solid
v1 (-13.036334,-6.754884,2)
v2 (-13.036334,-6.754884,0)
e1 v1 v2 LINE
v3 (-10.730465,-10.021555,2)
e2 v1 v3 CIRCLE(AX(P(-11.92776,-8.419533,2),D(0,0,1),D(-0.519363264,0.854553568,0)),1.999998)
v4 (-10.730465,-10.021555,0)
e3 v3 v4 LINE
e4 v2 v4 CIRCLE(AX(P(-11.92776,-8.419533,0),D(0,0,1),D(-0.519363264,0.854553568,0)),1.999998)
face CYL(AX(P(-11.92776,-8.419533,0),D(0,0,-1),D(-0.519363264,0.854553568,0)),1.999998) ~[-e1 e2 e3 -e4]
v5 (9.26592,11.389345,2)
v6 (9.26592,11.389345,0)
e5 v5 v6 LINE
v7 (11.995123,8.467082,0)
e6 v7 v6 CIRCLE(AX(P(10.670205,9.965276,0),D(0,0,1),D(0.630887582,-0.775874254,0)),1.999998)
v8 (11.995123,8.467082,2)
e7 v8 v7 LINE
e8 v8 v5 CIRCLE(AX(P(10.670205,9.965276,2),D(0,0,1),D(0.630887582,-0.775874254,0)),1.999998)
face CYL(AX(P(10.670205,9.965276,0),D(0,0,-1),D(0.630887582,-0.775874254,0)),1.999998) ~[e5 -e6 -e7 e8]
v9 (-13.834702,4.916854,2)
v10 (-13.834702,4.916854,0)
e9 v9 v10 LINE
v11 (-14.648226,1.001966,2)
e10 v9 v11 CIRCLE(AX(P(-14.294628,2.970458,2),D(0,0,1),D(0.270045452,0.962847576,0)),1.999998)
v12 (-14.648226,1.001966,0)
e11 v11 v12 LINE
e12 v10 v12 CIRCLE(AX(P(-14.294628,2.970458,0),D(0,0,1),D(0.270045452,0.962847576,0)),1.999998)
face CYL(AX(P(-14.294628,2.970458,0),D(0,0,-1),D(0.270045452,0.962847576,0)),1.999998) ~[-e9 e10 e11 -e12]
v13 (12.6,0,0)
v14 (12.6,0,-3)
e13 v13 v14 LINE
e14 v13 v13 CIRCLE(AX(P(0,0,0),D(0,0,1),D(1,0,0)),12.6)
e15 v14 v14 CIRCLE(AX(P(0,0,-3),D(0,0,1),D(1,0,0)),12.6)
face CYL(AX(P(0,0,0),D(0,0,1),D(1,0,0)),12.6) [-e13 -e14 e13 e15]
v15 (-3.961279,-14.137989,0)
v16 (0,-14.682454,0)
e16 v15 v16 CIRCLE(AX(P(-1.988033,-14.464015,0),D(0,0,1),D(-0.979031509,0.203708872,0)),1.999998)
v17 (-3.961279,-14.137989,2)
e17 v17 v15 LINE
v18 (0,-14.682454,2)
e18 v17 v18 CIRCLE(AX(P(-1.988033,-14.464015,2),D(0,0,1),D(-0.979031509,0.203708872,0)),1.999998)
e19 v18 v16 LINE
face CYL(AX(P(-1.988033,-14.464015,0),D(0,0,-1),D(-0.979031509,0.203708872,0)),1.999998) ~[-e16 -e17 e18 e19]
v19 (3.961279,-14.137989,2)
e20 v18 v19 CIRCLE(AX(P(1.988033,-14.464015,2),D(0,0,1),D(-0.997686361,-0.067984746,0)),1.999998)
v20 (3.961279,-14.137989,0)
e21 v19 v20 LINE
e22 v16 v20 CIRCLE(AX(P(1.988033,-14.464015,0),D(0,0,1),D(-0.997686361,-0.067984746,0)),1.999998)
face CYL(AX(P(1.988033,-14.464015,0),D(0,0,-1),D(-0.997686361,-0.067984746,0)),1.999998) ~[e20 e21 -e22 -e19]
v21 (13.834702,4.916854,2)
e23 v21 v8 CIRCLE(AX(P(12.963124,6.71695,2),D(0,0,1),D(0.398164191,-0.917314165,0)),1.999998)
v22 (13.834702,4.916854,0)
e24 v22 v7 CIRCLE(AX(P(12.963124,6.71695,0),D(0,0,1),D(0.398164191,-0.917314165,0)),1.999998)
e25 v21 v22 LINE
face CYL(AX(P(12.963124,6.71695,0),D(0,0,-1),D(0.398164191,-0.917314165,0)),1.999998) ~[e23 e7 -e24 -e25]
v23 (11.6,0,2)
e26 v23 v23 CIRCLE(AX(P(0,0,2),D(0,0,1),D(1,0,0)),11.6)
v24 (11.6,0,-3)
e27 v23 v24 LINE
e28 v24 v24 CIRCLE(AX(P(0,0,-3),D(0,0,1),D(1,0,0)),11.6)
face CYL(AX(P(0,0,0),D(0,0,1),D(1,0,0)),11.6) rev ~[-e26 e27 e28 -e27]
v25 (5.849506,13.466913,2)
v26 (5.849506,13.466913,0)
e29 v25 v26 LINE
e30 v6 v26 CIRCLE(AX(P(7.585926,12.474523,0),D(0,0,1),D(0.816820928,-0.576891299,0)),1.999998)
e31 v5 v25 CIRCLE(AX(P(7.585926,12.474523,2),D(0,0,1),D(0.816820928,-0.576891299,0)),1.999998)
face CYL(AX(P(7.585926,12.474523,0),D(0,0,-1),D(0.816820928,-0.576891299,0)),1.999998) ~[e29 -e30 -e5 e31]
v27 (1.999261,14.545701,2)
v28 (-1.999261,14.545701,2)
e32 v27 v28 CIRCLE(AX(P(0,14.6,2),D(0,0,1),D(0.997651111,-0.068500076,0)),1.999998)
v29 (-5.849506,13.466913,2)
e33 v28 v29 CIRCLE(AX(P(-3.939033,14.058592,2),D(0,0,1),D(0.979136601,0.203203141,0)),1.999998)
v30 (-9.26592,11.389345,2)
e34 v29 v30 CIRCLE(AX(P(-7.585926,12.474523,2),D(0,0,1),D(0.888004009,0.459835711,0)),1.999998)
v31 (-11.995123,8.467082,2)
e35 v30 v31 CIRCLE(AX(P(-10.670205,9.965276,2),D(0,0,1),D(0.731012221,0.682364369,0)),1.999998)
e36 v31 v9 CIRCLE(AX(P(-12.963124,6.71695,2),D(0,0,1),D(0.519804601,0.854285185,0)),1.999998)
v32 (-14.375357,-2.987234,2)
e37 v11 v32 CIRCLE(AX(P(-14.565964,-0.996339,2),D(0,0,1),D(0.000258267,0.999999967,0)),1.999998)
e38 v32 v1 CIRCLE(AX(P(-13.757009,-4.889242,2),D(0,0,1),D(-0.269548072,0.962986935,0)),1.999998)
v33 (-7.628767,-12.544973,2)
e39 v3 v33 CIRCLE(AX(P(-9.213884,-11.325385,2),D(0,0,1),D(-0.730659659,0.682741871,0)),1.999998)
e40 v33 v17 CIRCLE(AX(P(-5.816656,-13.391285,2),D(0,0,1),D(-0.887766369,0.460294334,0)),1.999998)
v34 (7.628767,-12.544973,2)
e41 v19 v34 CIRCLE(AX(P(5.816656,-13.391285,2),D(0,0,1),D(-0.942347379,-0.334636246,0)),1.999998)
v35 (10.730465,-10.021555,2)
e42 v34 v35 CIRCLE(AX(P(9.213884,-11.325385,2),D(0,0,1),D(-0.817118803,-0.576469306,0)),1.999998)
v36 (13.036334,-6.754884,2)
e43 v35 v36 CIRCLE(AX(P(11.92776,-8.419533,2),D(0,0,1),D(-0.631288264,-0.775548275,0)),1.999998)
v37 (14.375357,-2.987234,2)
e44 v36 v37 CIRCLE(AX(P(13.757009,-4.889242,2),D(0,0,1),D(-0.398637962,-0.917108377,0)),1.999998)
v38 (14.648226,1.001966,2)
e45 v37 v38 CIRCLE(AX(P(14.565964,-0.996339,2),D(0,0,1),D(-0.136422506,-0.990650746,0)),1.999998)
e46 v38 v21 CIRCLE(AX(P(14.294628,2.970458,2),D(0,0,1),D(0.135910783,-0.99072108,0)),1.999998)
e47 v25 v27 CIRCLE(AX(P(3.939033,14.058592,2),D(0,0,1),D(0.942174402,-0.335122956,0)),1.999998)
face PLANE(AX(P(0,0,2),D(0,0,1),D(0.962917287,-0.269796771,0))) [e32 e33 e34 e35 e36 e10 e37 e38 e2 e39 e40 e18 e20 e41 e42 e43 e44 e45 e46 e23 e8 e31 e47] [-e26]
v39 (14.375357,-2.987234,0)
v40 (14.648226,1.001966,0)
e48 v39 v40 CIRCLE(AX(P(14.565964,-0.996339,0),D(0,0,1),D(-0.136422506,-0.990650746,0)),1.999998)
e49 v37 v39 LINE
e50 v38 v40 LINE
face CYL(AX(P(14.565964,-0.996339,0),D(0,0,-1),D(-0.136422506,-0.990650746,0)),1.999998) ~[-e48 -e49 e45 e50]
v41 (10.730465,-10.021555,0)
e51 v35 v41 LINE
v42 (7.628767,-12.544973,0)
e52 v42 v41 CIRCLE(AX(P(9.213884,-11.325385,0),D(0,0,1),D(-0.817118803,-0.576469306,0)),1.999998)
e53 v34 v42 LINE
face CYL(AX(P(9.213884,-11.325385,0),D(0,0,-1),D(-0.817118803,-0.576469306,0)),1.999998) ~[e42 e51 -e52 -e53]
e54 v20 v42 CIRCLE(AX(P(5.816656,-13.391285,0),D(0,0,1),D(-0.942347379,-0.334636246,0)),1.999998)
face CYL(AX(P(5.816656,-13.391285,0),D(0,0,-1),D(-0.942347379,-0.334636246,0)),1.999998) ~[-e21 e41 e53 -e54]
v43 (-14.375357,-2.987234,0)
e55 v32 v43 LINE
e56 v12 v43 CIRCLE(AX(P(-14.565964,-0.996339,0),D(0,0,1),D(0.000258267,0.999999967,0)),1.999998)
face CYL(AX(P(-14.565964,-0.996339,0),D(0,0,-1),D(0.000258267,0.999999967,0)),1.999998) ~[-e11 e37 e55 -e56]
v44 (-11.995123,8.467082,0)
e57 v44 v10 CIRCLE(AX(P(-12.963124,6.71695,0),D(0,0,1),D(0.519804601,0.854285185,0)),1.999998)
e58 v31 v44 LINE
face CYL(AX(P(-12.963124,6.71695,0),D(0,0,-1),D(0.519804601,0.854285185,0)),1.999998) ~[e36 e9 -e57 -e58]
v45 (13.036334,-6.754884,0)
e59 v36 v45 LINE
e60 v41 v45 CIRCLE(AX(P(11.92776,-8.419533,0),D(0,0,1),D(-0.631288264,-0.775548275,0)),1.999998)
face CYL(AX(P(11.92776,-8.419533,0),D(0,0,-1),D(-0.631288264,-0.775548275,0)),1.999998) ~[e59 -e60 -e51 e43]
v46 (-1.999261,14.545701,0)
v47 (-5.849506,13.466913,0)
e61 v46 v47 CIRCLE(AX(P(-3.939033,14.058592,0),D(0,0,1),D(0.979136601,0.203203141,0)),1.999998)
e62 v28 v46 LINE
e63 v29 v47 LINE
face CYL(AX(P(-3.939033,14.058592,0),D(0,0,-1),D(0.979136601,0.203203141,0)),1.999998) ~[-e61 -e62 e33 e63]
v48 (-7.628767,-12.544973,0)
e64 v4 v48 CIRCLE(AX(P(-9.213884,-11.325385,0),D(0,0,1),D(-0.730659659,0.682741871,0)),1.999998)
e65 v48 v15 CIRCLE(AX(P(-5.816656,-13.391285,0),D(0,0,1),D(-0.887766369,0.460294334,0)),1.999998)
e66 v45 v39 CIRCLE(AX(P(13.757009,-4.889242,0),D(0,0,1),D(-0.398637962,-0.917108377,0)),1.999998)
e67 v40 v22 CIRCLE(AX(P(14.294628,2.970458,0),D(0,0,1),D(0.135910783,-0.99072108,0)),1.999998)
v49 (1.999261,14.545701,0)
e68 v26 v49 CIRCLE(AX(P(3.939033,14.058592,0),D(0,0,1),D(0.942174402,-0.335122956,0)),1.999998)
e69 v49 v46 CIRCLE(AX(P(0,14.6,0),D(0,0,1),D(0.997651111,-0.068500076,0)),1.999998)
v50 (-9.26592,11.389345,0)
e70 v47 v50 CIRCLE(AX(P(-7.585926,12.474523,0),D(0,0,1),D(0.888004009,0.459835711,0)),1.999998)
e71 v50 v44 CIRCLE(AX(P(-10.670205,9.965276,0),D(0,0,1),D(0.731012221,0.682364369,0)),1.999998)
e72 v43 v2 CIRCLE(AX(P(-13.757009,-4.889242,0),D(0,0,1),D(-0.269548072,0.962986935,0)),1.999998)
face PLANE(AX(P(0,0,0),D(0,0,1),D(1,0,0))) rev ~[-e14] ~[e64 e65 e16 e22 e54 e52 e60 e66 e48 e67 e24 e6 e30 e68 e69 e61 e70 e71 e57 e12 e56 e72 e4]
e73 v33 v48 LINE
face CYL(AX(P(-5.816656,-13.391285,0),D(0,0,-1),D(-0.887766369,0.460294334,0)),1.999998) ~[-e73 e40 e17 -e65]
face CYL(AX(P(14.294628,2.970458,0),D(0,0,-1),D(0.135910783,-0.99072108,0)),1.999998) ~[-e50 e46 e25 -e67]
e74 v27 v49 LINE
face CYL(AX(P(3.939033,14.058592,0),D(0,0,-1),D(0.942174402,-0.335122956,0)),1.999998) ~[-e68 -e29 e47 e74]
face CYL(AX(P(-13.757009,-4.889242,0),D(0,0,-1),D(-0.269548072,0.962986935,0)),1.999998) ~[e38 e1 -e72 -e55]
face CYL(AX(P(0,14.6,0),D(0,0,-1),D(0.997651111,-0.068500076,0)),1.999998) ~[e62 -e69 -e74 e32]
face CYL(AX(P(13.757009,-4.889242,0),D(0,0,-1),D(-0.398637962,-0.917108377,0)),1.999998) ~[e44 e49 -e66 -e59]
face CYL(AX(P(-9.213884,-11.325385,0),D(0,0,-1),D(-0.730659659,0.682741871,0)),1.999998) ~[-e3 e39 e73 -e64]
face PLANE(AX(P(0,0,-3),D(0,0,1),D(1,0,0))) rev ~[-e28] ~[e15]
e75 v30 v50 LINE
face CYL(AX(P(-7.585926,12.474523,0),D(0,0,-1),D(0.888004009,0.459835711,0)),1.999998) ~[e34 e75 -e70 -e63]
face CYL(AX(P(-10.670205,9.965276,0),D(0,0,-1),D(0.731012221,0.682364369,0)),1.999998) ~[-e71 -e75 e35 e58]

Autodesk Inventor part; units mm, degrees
ref_plane "YZ Plane" through (0, 0, 0) normal (1, 0, 0) x (0, 1, 0)
ref_plane "XZ Plane" through (0, 0, 0) normal (0, 1, 0) x (-1, 0, 0)
sketch "Sketch1" plane through (0, 0, 0) normal (0, 0, 1) x (1, 0, 0)
  circle A0 centre (0, 0) radius 12.85
  line L0 (16.8, 24.9006) -> (-16.8, 24.9006) projected
  line L1 (-16.8, 24.9006) -> (-16.8, 21.2406) projected
  line L2 (-16.8, 21.2406) -> (-21.2406, 16.8) projected
  line L3 (-21.2406, 16.8) -> (-24.9006, 16.8) projected
  line L4 (-24.9006, 16.8) -> (-24.9006, -16.8) projected
  line L5 (-24.9006, -16.8) -> (-21.2406, -16.8) projected
  line L6 (-21.2406, -16.8) -> (-16.8, -21.2406) projected
  line L7 (-16.8, -21.2406) -> (-16.8, -24.9006) projected
  line L8 (-16.8, -24.9006) -> (16.8, -24.9006) projected
  line L9 (16.8, -24.9006) -> (16.8, -21.2406) projected
  line L10 (16.8, -21.2406) -> (21.2406, -16.8) projected
  line L11 (21.2406, -16.8) -> (24.9006, -16.8) projected
  line L12 (24.9006, -16.8) -> (24.9006, 16.8) projected
  line L13 (24.9006, 16.8) -> (21.2406, 16.8) projected
  line L14 (21.2406, 16.8) -> (16.8, 21.2406) projected
  line L15 (16.8, 21.2406) -> (16.8, 24.9006) projected
  circle A1 centre (0, 0) radius 12.6
  circle A2 centre (0, 0) radius 11.6
  point P0 (0, 0)
  dimension "d0" = 0.25
  dimension "d1" = 1
  dimension "d11" = 25.7
ref_plane "Work Plane1" through (-13.5, -13.5, -4) normal (0, 0, 1) x (1, 0, 0)
extrude "Extrusion1" add sketch "Sketch1" against normal blind 3 contours A1
sketch "Sketch2" plane through (0, 0, 0) normal (0, 0, 1) x (1, 0, 0)
  circle A0 centre (0, 0) radius 11.6 projected
  circle A1 centre (0, 0) radius 14.6
  line L0 (0, -24.34) -> (0, 26.34) construction
  arc A2 (1.9953, 14.463) -> (-1.9953, 14.463) centre (0, 14.6) ccw
  point P0 (0, 0)
  dimension "d4" = 3
  dimension "d5" = 2
extrude "Extrusion2" add sketch "Sketch2" along normal blind 2
pattern_circular "Circular Pattern1" count 23 over 360 about axis through (0, 0, -10) along (0, 0, 1) of "Extrusion2"
properties part number "20_Lens_holder_clamp"
